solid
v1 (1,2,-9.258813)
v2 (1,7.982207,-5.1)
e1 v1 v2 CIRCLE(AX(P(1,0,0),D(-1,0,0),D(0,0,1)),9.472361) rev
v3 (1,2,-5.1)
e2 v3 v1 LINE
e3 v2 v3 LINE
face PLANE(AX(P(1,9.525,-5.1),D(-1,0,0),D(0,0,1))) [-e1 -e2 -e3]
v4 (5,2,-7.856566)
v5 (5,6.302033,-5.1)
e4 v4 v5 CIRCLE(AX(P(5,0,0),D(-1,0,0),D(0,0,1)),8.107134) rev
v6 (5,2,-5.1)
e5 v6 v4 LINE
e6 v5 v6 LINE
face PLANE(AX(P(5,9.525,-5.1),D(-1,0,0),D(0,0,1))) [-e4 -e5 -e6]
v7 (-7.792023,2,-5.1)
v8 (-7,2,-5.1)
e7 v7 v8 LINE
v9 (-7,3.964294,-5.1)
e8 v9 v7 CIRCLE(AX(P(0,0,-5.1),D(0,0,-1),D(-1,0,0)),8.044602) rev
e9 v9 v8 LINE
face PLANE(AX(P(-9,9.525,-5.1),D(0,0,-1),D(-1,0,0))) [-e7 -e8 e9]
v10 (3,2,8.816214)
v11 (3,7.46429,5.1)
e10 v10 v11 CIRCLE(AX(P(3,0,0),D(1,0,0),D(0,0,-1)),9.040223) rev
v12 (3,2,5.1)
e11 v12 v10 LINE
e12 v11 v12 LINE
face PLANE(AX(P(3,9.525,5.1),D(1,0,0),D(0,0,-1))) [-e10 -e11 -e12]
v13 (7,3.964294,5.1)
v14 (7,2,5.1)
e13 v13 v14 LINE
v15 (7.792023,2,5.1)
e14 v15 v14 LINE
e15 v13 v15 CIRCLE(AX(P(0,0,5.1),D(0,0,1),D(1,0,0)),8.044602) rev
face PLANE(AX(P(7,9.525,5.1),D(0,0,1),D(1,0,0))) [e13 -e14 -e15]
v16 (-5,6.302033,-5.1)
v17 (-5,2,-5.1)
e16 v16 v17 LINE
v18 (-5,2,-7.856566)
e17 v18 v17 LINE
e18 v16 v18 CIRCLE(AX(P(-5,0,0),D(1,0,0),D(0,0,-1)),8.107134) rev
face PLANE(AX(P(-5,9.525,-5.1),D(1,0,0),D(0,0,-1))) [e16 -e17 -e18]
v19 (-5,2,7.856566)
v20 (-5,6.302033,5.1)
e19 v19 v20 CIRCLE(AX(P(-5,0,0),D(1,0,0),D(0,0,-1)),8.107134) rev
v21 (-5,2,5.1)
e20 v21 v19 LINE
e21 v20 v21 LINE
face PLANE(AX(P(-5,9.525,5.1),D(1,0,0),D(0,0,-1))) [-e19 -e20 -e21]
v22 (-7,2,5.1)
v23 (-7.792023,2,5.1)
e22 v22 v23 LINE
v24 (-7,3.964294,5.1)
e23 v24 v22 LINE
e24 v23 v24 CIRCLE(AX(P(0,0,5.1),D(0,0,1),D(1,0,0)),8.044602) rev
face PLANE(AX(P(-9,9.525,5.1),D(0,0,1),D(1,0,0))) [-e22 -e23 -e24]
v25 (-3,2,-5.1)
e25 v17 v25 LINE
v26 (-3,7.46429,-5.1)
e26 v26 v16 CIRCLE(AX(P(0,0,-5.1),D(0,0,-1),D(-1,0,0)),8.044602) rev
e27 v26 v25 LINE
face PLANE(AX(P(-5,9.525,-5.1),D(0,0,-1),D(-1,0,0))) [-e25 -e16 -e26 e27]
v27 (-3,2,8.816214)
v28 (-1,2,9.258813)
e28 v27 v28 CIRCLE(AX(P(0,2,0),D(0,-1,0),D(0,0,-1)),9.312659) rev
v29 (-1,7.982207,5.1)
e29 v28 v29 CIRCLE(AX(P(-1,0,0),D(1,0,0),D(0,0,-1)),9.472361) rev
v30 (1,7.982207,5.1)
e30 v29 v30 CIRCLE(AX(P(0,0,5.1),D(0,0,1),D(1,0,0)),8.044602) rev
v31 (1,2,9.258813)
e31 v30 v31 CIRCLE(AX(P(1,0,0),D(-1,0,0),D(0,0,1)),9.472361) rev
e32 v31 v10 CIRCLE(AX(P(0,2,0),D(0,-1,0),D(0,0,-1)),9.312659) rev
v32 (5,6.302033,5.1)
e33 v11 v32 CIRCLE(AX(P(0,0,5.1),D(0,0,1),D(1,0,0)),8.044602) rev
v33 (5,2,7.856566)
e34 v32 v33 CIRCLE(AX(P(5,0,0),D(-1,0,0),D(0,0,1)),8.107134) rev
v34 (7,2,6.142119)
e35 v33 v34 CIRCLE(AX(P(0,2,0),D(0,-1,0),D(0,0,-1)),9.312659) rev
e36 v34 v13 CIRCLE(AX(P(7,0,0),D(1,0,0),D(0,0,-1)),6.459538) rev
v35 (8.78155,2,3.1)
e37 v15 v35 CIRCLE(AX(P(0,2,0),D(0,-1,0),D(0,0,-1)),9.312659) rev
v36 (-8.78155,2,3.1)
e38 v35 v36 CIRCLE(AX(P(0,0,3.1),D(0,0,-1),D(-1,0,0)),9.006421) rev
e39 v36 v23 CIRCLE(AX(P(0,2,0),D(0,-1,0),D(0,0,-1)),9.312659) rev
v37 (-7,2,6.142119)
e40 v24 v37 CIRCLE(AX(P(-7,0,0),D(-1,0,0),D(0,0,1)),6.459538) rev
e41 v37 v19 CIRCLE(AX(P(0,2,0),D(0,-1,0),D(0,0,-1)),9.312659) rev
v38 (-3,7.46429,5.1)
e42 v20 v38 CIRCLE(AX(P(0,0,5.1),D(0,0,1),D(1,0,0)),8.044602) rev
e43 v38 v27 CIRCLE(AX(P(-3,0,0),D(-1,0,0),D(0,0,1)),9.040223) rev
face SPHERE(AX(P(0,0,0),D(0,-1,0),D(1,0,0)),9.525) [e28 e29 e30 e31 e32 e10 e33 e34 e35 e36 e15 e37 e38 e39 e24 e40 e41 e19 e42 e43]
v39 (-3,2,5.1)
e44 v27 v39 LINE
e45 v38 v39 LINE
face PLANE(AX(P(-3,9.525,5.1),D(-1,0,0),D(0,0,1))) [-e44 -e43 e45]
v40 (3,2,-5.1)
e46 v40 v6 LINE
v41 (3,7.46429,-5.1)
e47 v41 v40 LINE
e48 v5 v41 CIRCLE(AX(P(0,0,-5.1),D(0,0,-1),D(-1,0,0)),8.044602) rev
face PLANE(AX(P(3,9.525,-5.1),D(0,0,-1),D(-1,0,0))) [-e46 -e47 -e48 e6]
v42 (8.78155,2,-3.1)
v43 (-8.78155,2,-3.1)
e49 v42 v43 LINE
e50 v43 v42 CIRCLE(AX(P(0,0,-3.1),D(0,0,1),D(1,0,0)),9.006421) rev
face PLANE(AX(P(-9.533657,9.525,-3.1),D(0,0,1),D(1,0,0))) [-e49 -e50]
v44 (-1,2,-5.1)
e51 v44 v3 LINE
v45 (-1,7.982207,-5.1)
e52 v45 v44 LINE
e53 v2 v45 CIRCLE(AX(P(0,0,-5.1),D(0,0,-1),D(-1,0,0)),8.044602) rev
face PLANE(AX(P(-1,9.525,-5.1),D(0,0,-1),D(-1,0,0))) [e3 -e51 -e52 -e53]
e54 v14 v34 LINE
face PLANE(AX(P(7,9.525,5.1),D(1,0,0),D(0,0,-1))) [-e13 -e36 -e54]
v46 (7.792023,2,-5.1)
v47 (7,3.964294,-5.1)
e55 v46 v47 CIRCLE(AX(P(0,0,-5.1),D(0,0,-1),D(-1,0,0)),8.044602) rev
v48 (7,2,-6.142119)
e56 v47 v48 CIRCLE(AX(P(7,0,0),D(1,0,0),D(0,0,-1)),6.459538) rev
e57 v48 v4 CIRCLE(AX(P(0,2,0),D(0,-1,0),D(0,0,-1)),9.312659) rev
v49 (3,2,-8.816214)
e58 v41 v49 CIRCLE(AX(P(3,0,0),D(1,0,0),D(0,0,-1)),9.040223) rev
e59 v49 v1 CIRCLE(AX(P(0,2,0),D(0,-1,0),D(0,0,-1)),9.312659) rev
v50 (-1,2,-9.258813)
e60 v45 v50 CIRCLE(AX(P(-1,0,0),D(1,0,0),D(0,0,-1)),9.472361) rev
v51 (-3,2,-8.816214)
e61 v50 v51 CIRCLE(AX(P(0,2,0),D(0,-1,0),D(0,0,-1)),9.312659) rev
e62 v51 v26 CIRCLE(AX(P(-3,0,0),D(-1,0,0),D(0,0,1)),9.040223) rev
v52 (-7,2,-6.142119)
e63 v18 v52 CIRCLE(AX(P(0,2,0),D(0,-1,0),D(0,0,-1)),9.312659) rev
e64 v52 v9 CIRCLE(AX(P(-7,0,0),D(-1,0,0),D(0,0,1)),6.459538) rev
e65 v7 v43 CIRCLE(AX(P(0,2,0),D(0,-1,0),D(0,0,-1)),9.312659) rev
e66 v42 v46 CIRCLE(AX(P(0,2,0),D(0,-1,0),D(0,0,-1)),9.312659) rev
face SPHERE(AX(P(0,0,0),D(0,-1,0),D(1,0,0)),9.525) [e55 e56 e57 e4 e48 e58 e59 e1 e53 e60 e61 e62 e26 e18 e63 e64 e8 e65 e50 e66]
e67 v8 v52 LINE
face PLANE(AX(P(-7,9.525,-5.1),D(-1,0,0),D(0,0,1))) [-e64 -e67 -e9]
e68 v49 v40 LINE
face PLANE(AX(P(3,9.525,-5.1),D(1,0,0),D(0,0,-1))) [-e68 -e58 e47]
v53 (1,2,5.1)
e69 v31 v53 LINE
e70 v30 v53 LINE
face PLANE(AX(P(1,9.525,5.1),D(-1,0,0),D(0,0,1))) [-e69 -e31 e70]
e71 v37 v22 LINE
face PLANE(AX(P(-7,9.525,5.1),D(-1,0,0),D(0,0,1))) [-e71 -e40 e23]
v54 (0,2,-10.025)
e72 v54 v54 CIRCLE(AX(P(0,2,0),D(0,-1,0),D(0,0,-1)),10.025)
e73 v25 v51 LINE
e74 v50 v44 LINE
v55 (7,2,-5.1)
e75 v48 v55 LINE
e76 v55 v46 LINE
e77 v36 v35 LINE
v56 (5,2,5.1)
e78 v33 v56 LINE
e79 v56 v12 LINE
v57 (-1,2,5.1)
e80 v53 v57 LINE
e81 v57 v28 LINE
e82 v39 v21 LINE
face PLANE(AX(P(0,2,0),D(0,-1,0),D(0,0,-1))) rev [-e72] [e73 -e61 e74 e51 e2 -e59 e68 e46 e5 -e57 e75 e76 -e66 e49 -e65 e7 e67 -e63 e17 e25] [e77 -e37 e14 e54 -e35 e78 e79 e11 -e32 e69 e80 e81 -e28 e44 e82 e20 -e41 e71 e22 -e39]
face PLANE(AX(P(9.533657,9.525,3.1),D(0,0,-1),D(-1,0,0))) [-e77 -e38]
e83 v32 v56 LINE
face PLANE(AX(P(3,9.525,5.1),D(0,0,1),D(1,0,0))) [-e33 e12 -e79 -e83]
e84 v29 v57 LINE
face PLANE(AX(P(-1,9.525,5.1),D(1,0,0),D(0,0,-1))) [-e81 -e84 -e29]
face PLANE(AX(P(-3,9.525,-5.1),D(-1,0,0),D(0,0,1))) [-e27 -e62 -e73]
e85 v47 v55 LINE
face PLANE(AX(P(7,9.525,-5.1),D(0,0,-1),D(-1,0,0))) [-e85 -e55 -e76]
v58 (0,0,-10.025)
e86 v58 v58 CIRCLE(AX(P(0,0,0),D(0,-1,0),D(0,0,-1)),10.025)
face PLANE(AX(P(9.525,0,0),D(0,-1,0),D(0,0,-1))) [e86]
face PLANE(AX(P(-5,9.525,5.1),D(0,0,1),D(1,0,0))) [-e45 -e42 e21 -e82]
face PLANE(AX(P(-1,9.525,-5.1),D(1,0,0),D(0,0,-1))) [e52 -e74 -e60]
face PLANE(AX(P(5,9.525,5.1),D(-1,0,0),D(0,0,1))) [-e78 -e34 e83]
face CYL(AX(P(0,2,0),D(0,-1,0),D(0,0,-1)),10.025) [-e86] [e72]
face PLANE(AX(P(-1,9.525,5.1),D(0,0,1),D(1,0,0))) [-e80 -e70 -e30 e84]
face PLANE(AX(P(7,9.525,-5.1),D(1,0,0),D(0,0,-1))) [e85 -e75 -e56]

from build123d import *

# Parameters (mm, degrees)
SKETCH2_R           = 10.025
BOSS_EXTRUDE1_DEPTH = 2
SKETCH3_W           = 2
SKETCH3_H           = 15.533622691
CUT_EXTRUDE1_DEPTH  = 8.525


with BuildPart() as part:
    # Sketch1 → Revolve1 (revolve)
    with BuildSketch(Plane.XY):
        with BuildLine():
            Line((9.525, 0), (0, 0))
            Line((0, 0), (0, 9.525))
            ThreePointArc((0, 9.525), (6.735192091, 6.735192091), (9.525, 0))
        make_face()
    revolve(axis=Axis((0, 0, 0), (0, 1, 0)))

    # Sketch2 → Boss-Extrude1 (add)
    with BuildSketch(Plane.XZ):
        Circle(SKETCH2_R)
    extrude(amount=-BOSS_EXTRUDE1_DEPTH)

    # Sketch3 → Cut-Extrude1 (cut, through all)
    with BuildSketch(Plane(origin=(0, 2, 0), x_dir=(1, 0, 0), z_dir=(0, 1, 0))):
        Polygon((-9.533657483, -3.1), (9.533657483, -3.1), (10.025, -3.1), (10.025, 3.1), (9.533657483, 3.1), (-9.533657483, 3.1), (-10.025, 3.1), (-10.025, -3.1), align=None)
        with Locations((0, -12.866811346)):
            Rectangle(SKETCH3_W, SKETCH3_H)
        with Locations((0, 12.866811346)):
            Rectangle(SKETCH3_W, SKETCH3_H)
        with Locations((4, -12.866811346)):
            Rectangle(SKETCH3_W, SKETCH3_H)
        with Locations((4, 12.866811346)):
            Rectangle(SKETCH3_W, SKETCH3_H)
        with Locations((8, -12.866811346)):
            Rectangle(SKETCH3_W, SKETCH3_H)
        with Locations((8, 12.866811346)):
            Rectangle(SKETCH3_W, SKETCH3_H)
        with Locations((12, -12.866811346)):
            Rectangle(SKETCH3_W, SKETCH3_H)
        with Locations((12, 12.866811346)):
            Rectangle(SKETCH3_W, SKETCH3_H)
        with Locations((16, -12.866811346)):
            Rectangle(SKETCH3_W, SKETCH3_H)
        with Locations((16, 12.866811346)):
            Rectangle(SKETCH3_W, SKETCH3_H)
        with Locations((-4, 12.866811346)):
            Rectangle(SKETCH3_W, SKETCH3_H)
        with Locations((-4, -12.866811346)):
            Rectangle(SKETCH3_W, SKETCH3_H)
        with Locations((-8, 12.866811346)):
            Rectangle(SKETCH3_W, SKETCH3_H)
        with Locations((-8, -12.866811346)):
            Rectangle(SKETCH3_W, SKETCH3_H)
        with Locations((-12, 12.866811346)):
            Rectangle(SKETCH3_W, SKETCH3_H)
        with Locations((-12, -12.866811346)):
            Rectangle(SKETCH3_W, SKETCH3_H)
        with Locations((-16, 12.866811346)):
            Rectangle(SKETCH3_W, SKETCH3_H)
        with Locations((-16, -12.866811346)):
            Rectangle(SKETCH3_W, SKETCH3_H)
    extrude(amount=CUT_EXTRUDE1_DEPTH, mode=Mode.SUBTRACT)


solid = part.part
